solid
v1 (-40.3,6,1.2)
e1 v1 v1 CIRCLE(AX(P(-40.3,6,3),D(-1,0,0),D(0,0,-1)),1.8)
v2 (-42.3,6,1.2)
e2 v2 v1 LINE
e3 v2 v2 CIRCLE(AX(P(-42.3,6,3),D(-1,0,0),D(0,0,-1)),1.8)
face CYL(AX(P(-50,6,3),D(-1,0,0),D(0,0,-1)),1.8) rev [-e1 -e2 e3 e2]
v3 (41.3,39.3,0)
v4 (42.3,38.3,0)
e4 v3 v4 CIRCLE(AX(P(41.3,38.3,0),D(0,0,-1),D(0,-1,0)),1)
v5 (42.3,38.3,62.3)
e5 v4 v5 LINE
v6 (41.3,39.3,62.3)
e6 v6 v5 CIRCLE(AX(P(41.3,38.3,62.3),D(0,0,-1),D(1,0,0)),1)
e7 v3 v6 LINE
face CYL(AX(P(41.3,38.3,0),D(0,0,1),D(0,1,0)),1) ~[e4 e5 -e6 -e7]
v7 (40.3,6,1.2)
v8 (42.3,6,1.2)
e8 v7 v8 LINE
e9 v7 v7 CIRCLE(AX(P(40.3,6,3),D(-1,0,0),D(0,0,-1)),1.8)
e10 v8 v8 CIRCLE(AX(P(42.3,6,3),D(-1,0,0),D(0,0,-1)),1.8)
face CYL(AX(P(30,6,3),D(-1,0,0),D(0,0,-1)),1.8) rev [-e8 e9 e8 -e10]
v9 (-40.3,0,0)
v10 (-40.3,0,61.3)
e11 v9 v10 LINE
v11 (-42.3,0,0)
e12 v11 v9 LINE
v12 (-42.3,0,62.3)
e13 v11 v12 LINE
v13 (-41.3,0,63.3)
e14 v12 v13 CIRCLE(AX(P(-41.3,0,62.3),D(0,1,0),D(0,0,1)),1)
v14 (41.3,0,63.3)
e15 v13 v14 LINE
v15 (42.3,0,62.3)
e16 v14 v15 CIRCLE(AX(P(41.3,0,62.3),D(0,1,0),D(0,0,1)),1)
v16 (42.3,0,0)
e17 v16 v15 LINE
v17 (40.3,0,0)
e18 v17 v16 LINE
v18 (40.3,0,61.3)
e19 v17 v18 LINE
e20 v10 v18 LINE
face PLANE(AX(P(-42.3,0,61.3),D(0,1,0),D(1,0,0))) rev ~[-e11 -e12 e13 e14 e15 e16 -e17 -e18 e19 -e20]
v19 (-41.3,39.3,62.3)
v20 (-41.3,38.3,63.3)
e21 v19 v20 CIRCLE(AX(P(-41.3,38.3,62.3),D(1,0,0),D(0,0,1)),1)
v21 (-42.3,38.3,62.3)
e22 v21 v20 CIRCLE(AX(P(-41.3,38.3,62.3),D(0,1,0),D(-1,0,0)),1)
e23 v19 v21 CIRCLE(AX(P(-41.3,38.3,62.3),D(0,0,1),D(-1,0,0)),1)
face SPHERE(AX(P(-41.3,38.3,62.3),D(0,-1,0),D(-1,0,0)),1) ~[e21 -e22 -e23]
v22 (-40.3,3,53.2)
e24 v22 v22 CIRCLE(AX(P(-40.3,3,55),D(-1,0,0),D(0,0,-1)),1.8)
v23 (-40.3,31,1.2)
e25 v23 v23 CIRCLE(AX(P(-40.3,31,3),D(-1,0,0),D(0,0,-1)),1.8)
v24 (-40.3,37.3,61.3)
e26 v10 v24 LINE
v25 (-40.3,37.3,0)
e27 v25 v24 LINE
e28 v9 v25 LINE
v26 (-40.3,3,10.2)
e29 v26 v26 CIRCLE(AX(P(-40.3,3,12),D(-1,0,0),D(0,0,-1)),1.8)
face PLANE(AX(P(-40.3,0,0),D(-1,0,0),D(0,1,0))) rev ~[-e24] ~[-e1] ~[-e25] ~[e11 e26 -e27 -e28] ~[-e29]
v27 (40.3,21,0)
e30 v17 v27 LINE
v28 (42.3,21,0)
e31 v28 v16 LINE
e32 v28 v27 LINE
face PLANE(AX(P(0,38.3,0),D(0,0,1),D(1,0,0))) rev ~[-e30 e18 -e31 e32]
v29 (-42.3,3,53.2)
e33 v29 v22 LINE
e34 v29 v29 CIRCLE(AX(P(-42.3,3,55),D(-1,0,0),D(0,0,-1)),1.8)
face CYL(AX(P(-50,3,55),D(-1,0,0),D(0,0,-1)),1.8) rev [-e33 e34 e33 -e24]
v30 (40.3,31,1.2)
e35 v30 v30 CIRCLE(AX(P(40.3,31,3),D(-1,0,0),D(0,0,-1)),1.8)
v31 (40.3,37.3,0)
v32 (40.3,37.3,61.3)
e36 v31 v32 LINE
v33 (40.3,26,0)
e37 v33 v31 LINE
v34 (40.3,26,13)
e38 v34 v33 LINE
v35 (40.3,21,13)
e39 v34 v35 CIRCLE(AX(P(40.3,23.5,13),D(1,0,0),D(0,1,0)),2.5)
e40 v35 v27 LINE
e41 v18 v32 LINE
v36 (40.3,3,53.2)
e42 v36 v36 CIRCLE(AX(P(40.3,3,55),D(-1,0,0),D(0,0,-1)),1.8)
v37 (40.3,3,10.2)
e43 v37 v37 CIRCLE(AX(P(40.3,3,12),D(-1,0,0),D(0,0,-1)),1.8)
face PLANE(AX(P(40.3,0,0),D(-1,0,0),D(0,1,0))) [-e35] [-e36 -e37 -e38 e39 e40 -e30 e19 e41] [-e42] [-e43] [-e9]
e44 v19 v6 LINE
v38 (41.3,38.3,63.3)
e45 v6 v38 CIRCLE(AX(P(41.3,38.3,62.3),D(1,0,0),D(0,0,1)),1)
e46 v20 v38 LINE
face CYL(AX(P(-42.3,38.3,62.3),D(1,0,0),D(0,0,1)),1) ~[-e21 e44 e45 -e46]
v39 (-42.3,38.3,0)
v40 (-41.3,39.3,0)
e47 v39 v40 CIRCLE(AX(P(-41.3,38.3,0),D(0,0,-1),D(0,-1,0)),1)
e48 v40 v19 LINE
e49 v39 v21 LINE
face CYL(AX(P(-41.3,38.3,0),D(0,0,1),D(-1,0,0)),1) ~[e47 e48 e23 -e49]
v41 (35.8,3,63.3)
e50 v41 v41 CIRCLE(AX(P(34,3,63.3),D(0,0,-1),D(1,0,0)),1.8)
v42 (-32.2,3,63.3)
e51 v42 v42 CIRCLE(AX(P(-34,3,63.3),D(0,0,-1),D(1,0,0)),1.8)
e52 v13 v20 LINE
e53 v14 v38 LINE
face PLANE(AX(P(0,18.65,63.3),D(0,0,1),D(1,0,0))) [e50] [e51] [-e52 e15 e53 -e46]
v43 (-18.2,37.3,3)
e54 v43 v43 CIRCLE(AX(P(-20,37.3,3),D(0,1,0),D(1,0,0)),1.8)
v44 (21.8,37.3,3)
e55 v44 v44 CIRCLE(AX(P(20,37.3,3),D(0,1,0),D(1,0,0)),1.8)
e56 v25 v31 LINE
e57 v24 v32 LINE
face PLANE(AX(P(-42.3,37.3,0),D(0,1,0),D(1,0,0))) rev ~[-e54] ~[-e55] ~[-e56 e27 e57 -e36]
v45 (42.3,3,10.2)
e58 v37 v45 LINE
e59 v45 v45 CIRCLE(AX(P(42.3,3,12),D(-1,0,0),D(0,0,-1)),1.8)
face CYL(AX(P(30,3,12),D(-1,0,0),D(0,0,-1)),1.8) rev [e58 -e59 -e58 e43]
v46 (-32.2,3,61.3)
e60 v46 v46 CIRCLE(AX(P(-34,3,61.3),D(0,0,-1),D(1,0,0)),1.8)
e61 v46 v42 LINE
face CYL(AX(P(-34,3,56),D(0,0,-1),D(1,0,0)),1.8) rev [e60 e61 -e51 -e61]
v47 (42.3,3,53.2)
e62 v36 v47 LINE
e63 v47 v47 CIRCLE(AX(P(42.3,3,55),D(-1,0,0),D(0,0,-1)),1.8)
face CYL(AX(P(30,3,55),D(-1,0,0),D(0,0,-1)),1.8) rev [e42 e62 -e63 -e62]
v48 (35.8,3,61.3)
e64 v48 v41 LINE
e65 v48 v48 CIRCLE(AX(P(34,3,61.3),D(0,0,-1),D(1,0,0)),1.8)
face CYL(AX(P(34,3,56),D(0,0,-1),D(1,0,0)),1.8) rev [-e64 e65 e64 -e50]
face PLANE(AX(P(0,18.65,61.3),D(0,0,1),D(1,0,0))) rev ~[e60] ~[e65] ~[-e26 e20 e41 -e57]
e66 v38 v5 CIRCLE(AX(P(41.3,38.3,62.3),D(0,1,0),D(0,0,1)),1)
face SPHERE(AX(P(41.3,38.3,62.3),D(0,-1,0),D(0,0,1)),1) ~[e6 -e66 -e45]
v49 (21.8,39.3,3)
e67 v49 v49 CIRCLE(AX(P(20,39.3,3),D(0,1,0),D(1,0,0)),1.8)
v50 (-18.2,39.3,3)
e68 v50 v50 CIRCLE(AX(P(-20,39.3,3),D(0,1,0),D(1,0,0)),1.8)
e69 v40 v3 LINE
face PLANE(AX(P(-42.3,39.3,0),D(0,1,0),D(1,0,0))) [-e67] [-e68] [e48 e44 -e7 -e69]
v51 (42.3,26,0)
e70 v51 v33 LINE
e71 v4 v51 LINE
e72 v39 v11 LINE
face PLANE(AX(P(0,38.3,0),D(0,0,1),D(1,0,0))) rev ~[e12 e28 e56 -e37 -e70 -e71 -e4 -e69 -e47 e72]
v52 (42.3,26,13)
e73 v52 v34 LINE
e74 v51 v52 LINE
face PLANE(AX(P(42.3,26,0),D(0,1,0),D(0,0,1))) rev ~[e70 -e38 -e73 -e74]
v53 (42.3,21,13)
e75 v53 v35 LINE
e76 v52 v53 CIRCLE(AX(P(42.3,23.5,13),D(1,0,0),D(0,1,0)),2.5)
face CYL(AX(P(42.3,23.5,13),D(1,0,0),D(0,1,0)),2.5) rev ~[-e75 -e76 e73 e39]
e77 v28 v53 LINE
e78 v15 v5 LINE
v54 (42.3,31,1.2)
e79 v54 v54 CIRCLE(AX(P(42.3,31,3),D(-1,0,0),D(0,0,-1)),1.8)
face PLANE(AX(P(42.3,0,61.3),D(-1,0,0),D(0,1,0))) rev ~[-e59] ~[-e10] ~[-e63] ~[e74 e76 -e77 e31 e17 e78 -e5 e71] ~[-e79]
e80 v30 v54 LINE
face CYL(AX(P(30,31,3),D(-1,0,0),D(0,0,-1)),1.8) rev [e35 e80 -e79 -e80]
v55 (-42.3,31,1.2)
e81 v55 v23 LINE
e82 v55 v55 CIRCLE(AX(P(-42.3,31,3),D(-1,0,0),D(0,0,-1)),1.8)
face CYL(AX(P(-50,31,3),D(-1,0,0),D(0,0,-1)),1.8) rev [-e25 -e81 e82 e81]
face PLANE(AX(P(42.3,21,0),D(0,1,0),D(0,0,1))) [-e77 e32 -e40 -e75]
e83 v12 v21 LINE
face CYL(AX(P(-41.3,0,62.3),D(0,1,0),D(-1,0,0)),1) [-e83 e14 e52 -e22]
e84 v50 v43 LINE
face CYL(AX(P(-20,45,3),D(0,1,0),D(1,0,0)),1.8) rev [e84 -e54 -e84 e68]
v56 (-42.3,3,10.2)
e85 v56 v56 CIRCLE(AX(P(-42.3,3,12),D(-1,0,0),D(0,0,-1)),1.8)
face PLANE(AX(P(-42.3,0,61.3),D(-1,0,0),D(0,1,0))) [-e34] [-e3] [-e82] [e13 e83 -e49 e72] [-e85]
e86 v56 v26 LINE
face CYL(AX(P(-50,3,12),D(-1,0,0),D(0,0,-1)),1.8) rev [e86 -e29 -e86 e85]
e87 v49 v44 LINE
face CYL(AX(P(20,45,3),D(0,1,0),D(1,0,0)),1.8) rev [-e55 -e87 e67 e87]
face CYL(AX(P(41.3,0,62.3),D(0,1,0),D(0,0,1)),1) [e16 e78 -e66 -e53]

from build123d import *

# Parameters (mm, degrees)
CYLINDER009_R     = 1.8
CYLINDER009_DEPTH = 16
ARRAY009_X_COUNT  = 2
ARRAY009_X_PITCH  = 40
CYLINDER010_R     = 1.8
CYLINDER010_DEPTH = 20
ARRAY010_X_COUNT  = 2
ARRAY010_X_PITCH  = 80
ARRAY010_Z_COUNT  = 2
ARRAY010_Z_PITCH  = 43
CYLINDER011_R     = 1.8
CYLINDER011_DEPTH = 10
ARRAY011_X_COUNT  = 2
ARRAY011_X_PITCH  = 68
PAD005_DEPTH      = 10
CYLINDER008_R     = 1.8
CYLINDER008_DEPTH = 20
ARRAY008_X_COUNT  = 2
ARRAY008_X_PITCH  = 80
ARRAY008_Y_COUNT  = 2
ARRAY008_Y_PITCH  = 25
BOX005_W          = 2
BOX005_H          = 37.3
BOX005_DEPTH      = 61.3
BOX007_W          = 84.6
BOX007_H          = 2
BOX007_DEPTH      = 63.3
BOX006_W          = 84.6
BOX006_H          = 37.3
BOX006_DEPTH      = 2
BOX004_W          = 2
BOX004_H          = 37.3
BOX004_DEPTH      = 61.3
FILLET_R          = 1


with BuildPart() as cover_bottom_hole_array:
    # Cylinder009 → Cylinder009 (new body)
    with BuildSketch(Plane(origin=(20, 45, 3), x_dir=(1, 0, 0), z_dir=(0, -1, 0))):
        Circle(CYLINDER009_R)
    extrude(amount=CYLINDER009_DEPTH)

    # Array009 X: cover bottom hole array ×2


with BuildPart() as cover_bottom_hole_array_1:
    add(cover_bottom_hole_array.part)
    with Locations(*[(i * ARRAY009_X_PITCH, 0, 0) for i in range(1, ARRAY009_X_COUNT)]):
        add(cover_bottom_hole_array.part)


with BuildPart() as cover_bottom_hole_array_2:
    # Array009 placement: moved
    add(cover_bottom_hole_array_1.part.moved(Location((-40, 0, 0))))


with BuildPart() as cover_side_holes_array:
    # Cylinder010 → Cylinder010 (new body)
    with BuildSketch(Plane(origin=(-50, 3, 6), x_dir=(0, 0, -1), z_dir=(1, 0, 0))):
        Circle(CYLINDER010_R)
    extrude(amount=CYLINDER010_DEPTH)

    # Array010 X: cover side holes array ×2


with BuildPart() as cover_side_holes_array_1:
    add(cover_side_holes_array.part)
    with Locations(*[(i * ARRAY010_X_PITCH, 0, 0) for i in range(1, ARRAY010_X_COUNT)]):
        add(cover_side_holes_array.part)

    # Array010 Z: cover side holes array ×2


with BuildPart() as cover_side_holes_array_2:
    add(cover_side_holes_array_1.part)
    with Locations(*[(0, 0, i * ARRAY010_Z_PITCH) for i in range(1, ARRAY010_Z_COUNT)]):
        add(cover_side_holes_array_1.part)


with BuildPart() as cover_side_holes_array_3:
    # Array010 placement: moved
    add(cover_side_holes_array_2.part.moved(Location((0, 0, 6))))


with BuildPart() as cover_vertical_hole_array:
    # Cylinder011 → Cylinder011 (new body)
    with BuildSketch(Plane(origin=(6, 0, 50), x_dir=(1, 0, 0), z_dir=(0, 0, 1))):
        Circle(CYLINDER011_R)
    extrude(amount=CYLINDER011_DEPTH)

    # Array011 X: cover vertical hole array ×2


with BuildPart() as cover_vertical_hole_array_1:
    add(cover_vertical_hole_array.part)
    with Locations(*[(i * ARRAY011_X_PITCH, 0, 0) for i in range(1, ARRAY011_X_COUNT)]):
        add(cover_vertical_hole_array.part)


with BuildPart() as cover_vertical_hole_array_2:
    # Array011 placement: moved
    add(cover_vertical_hole_array_1.part.moved(Location((-40, 3, 6))))


with BuildPart() as wire_hole_body:
    # Sketch015 → Pad005 (new body)
    with BuildSketch(Plane.YZ.offset(42.3)):
        with BuildLine():
            Line((26, 0), (26, 13))
            ThreePointArc((26, 13), (23.5, 15.5), (21, 13))
            Line((21, 0), (21, 13))
            Line((21, 0), (26, 0))
        make_face()
    extrude(amount=-PAD005_DEPTH)


with BuildPart() as cover_extraction:
    # Cylinder008 → Cylinder008 (new body)
    with BuildSketch(Plane(origin=(-50, 6, 3), x_dir=(0, 0, -1), z_dir=(1, 0, 0))):
        Circle(CYLINDER008_R)
    extrude(amount=CYLINDER008_DEPTH)

    # Array008 X: cover extraction ×2


with BuildPart() as cover_extraction_1:
    add(cover_extraction.part)
    with Locations(*[(i * ARRAY008_X_PITCH, 0, 0) for i in range(1, ARRAY008_X_COUNT)]):
        add(cover_extraction.part)

    # Array008 Y: cover extraction ×2


with BuildPart() as cover_extraction_2:
    add(cover_extraction_1.part)
    with Locations(*[(0, i * ARRAY008_Y_PITCH, 0) for i in range(1, ARRAY008_Y_COUNT)]):
        add(cover_extraction_1.part)

    # Fusion003005: union cover bottom hole array, cover side holes array, cover vertical hole array, wire hole body
    add(cover_bottom_hole_array_2.part)
    add(cover_side_holes_array_3.part)
    add(cover_vertical_hole_array_2.part)
    add(wire_hole_body.part)


with BuildPart() as another_side_wall_cube:
    # Box005 → Box005 (new body)
    with BuildSketch(Plane(origin=(40.3, 0, 0), x_dir=(1, 0, 0), z_dir=(0, 0, 1))):
        with Locations((1, 18.65)):
            Rectangle(BOX005_W, BOX005_H)
    extrude(amount=BOX005_DEPTH)


with BuildPart() as back_cover_wall_cube:
    # Box007 → Box007 (new body)
    with BuildSketch(Plane(origin=(-42.3, 37.3, 0), x_dir=(1, 0, 0), z_dir=(0, 0, 1))):
        with Locations((42.3, 1)):
            Rectangle(BOX007_W, BOX007_H)
    extrude(amount=BOX007_DEPTH)


with BuildPart() as top_cover_wall_cube:
    # Box006 → Box006 (new body)
    with BuildSketch(Plane(origin=(-42.3, 0, 61.3), x_dir=(1, 0, 0), z_dir=(0, 0, 1))):
        with Locations((42.3, 18.65)):
            Rectangle(BOX006_W, BOX006_H)
    extrude(amount=BOX006_DEPTH)


with BuildPart() as cover_body_fillet:
    # Box004 → Box004 (new body)
    with BuildSketch(Plane(origin=(-42.3, 0, 0), x_dir=(1, 0, 0), z_dir=(0, 0, 1))):
        with Locations((1, 18.65)):
            Rectangle(BOX004_W, BOX004_H)
    extrude(amount=BOX004_DEPTH)

    # Fusion003004: union another side wall cube, back cover wall cube, top cover wall cube
    add(another_side_wall_cube.part)
    add(back_cover_wall_cube.part)
    add(top_cover_wall_cube.part)

    # Cut004: cut cover extraction
    add(cover_extraction_2.part, mode=Mode.SUBTRACT)

    # Fillet
    fillet_edges = [cover_body_fillet.edges().sort_by_distance(p)[0] for p in [
        (-42.3, 18.65, 63.3),
        (-42.3, 38.3, 63.3),
        (-42.3, 39.3, 31.65),
        (42.3, 18.65, 63.3),
        (0, 39.3, 63.3),
        (42.3, 38.3, 63.3),
        (42.3, 39.3, 31.65),
    ]]
    fillet(fillet_edges, radius=FILLET_R)


solid = cover_body_fillet.part
